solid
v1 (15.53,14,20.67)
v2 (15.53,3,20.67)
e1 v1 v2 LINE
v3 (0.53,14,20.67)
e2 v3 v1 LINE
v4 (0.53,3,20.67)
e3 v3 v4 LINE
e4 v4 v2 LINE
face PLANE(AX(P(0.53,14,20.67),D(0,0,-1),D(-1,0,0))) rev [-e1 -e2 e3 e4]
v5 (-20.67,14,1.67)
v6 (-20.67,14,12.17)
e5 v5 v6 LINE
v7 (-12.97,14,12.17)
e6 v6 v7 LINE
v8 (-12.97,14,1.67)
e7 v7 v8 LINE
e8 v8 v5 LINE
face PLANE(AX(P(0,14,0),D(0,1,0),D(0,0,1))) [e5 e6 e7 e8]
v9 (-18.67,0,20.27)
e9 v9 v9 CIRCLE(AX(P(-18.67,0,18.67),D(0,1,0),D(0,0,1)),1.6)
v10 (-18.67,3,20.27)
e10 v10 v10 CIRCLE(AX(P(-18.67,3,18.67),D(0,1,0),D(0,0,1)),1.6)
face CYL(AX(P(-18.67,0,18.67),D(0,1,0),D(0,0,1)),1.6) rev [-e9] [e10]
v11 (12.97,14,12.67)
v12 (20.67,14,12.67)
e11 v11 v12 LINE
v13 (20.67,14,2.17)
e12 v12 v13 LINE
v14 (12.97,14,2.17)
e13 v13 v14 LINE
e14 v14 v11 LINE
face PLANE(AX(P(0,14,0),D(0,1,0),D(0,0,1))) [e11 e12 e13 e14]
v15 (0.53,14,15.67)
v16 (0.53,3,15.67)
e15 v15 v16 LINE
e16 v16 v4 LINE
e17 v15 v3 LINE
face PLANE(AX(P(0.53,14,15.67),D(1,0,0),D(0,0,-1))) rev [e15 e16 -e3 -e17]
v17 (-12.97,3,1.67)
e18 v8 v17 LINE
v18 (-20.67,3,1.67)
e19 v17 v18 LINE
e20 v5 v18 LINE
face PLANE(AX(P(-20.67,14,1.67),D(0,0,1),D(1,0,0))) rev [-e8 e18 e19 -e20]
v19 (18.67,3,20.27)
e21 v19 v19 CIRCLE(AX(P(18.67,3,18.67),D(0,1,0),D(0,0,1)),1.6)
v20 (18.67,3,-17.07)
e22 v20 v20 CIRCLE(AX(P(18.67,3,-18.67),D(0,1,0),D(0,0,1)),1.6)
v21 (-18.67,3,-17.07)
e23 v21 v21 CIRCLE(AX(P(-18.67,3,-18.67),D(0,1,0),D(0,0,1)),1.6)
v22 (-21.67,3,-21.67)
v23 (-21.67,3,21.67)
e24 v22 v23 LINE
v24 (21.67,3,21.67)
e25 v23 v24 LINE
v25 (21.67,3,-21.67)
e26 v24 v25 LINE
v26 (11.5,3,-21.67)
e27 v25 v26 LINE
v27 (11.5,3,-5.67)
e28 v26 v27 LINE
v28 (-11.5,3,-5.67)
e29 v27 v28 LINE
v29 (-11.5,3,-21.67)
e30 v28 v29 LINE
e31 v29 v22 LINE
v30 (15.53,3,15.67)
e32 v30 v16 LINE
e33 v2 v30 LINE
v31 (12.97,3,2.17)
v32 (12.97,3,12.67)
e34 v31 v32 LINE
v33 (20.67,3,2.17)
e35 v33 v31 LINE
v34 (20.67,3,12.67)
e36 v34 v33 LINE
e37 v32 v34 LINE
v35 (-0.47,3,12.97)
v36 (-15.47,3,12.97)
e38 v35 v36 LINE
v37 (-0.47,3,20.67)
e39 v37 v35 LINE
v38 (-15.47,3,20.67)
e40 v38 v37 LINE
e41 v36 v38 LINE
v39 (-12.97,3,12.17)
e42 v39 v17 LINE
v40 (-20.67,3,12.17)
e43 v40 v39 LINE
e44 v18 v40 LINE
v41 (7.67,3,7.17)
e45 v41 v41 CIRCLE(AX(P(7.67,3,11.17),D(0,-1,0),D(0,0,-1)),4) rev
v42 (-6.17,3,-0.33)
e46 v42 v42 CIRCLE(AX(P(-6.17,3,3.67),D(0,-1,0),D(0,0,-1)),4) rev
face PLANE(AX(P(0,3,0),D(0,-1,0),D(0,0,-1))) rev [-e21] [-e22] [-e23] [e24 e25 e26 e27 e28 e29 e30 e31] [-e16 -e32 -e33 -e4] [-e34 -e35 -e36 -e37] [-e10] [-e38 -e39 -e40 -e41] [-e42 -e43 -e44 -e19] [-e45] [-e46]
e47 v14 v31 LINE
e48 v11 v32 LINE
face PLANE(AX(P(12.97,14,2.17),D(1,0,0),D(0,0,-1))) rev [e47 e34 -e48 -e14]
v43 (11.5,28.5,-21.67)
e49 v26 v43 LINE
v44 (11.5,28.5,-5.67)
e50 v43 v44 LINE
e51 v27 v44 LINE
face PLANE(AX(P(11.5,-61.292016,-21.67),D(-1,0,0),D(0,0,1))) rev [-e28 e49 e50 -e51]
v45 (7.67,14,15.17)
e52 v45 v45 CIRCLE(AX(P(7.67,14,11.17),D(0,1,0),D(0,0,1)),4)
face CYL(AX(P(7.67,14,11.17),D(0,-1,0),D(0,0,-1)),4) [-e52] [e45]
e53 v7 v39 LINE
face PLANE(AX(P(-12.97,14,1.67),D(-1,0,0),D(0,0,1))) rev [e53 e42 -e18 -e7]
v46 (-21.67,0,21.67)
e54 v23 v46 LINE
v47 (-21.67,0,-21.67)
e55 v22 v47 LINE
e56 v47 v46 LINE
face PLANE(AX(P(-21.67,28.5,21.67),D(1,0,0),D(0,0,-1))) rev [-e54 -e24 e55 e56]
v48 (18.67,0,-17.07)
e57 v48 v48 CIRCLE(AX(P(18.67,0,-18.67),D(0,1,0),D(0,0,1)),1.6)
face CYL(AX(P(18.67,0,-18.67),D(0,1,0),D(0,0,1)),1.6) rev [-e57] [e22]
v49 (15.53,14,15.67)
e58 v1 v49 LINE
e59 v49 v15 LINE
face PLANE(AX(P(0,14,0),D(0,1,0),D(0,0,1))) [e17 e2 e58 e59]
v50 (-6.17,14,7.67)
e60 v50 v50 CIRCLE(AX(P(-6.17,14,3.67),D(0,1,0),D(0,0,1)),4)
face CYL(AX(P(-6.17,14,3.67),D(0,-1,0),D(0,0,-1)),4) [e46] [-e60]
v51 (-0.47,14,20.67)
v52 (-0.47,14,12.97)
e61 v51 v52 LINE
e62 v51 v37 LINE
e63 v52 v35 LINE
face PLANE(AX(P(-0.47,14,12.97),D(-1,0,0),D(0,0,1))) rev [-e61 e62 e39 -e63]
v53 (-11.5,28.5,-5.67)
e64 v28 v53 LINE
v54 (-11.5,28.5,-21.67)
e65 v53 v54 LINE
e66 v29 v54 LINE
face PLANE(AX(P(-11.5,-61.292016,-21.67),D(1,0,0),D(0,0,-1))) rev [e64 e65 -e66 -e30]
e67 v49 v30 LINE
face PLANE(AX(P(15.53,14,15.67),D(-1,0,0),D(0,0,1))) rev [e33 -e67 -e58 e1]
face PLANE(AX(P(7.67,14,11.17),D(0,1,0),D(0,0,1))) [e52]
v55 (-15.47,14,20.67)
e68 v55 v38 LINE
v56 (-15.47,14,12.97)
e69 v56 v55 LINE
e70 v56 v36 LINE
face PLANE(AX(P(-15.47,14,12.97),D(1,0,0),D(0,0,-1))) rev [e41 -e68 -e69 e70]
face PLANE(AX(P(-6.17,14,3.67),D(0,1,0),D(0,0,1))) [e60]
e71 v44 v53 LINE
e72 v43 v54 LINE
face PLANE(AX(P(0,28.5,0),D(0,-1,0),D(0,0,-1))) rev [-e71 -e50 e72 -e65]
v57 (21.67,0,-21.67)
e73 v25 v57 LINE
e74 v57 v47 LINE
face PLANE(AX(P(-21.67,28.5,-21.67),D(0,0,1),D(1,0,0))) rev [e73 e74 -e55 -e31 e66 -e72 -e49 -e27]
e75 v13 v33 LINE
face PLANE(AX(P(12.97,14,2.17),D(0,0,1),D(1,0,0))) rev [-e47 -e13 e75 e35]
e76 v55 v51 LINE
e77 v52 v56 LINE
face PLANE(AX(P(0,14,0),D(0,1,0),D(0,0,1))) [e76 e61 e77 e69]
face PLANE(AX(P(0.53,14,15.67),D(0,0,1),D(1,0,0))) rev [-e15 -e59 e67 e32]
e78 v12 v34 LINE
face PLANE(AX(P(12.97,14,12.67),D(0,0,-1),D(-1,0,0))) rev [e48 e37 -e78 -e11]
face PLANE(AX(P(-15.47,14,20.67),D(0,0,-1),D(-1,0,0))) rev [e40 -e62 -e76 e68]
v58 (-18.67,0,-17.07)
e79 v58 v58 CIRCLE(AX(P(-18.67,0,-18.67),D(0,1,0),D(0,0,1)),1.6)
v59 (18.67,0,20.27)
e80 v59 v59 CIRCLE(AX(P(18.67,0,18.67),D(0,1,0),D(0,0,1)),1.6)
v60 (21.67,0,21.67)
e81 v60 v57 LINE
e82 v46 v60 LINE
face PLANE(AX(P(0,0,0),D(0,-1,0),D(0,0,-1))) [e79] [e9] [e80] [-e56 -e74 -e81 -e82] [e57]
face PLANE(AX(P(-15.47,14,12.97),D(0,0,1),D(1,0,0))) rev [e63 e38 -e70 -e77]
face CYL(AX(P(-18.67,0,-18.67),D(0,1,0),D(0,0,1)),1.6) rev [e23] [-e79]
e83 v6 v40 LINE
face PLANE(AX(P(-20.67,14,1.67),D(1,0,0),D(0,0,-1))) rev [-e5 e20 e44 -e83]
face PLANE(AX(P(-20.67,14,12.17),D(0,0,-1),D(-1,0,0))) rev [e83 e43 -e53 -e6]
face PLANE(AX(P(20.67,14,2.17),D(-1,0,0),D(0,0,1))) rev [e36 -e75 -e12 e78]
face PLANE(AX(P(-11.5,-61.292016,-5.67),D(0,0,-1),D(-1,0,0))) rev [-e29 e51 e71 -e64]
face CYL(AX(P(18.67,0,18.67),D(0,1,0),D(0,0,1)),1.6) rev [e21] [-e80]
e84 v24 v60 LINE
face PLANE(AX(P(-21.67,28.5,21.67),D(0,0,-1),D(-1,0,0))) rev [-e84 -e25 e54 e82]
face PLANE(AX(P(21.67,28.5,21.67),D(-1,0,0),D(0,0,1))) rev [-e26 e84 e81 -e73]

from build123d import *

# Parameters (mm, degrees)
SKETCH_1_W          = 43.34
SKETCH_1_H          = 43.34
EXTRUDE_1_DEPTH     = 28.5
CUT_EXTRUDE_1_DEPTH = 25.5
SKETCH_3_R          = 4
SKETCH_3_W          = 7.7
SKETCH_3_H          = 10.5
SKETCH_3_W_2        = 15
SKETCH_3_H_2        = 7.7
SKETCH_3_H_3        = 5
EXTRUDE_2_DEPTH     = 11
SKETCH_4_R          = 1.6
CUT_EXTRUDE_2_DEPTH = 40.867628472


with BuildPart() as part:
    # 스케치1 → 보스-돌출1 (new body)
    with BuildSketch(Plane(origin=(0, 0, 0), x_dir=(1, 0, 0), z_dir=(0, 1, 0))):
        Rectangle(SKETCH_1_W, SKETCH_1_H)
    extrude(amount=EXTRUDE_1_DEPTH)

    # 스케치2 → 컷-돌출1 (cut)
    with BuildSketch(Plane(origin=(0, 28.5, 0), x_dir=(1, 0, 0), z_dir=(0, 1, 0))):
        Polygon((-11.5, 21.67), (-11.5, 5.67), (11.5, 5.67), (11.5, 21.67), (21.67, 21.67), (21.67, -21.67), (-21.67, -21.67), (-21.67, 21.67), align=None)
    extrude(amount=-CUT_EXTRUDE_1_DEPTH, mode=Mode.SUBTRACT)

    # 스케치3 → 보스-돌출2 (add)
    with BuildSketch(Plane(origin=(0, 3, 0), x_dir=(1, 0, 0), z_dir=(0, 1, 0))):
        with Locations(Location((-6.17, -3.67, 0), (0, 0, 90))):
            Circle(SKETCH_3_R)
        with Locations(Location((7.67, -11.17, 0), (0, 0, 90))):
            Circle(SKETCH_3_R)
        with Locations((-16.82, -6.92)):
            Rectangle(SKETCH_3_W, SKETCH_3_H)
        with Locations((-7.97, -16.82)):
            Rectangle(SKETCH_3_W_2, SKETCH_3_H_2)
        with Locations((8.03, -18.17)):
            Rectangle(SKETCH_3_W_2, SKETCH_3_H_3)
        with Locations((16.82, -7.42)):
            Rectangle(SKETCH_3_W, SKETCH_3_H)
    extrude(amount=EXTRUDE_2_DEPTH)

    # 스케치4 → 컷-돌출2 (cut, through all)
    with BuildSketch(Plane(origin=(0, 3, 0), x_dir=(1, 0, 0), z_dir=(0, 1, 0))):
        with Locations(Location((-18.67, 18.67, 0), (0, 0, 270))):
            Circle(SKETCH_4_R)
        with Locations(Location((18.67, 18.67, 0), (0, 0, 270))):
            Circle(SKETCH_4_R)
        with Locations(Location((18.67, -18.67, 0), (0, 0, 270))):
            Circle(SKETCH_4_R)
        with Locations(Location((-18.67, -18.67, 0), (0, 0, 270))):
            Circle(SKETCH_4_R)
    extrude(amount=-CUT_EXTRUDE_2_DEPTH, mode=Mode.SUBTRACT)


solid = part.part
